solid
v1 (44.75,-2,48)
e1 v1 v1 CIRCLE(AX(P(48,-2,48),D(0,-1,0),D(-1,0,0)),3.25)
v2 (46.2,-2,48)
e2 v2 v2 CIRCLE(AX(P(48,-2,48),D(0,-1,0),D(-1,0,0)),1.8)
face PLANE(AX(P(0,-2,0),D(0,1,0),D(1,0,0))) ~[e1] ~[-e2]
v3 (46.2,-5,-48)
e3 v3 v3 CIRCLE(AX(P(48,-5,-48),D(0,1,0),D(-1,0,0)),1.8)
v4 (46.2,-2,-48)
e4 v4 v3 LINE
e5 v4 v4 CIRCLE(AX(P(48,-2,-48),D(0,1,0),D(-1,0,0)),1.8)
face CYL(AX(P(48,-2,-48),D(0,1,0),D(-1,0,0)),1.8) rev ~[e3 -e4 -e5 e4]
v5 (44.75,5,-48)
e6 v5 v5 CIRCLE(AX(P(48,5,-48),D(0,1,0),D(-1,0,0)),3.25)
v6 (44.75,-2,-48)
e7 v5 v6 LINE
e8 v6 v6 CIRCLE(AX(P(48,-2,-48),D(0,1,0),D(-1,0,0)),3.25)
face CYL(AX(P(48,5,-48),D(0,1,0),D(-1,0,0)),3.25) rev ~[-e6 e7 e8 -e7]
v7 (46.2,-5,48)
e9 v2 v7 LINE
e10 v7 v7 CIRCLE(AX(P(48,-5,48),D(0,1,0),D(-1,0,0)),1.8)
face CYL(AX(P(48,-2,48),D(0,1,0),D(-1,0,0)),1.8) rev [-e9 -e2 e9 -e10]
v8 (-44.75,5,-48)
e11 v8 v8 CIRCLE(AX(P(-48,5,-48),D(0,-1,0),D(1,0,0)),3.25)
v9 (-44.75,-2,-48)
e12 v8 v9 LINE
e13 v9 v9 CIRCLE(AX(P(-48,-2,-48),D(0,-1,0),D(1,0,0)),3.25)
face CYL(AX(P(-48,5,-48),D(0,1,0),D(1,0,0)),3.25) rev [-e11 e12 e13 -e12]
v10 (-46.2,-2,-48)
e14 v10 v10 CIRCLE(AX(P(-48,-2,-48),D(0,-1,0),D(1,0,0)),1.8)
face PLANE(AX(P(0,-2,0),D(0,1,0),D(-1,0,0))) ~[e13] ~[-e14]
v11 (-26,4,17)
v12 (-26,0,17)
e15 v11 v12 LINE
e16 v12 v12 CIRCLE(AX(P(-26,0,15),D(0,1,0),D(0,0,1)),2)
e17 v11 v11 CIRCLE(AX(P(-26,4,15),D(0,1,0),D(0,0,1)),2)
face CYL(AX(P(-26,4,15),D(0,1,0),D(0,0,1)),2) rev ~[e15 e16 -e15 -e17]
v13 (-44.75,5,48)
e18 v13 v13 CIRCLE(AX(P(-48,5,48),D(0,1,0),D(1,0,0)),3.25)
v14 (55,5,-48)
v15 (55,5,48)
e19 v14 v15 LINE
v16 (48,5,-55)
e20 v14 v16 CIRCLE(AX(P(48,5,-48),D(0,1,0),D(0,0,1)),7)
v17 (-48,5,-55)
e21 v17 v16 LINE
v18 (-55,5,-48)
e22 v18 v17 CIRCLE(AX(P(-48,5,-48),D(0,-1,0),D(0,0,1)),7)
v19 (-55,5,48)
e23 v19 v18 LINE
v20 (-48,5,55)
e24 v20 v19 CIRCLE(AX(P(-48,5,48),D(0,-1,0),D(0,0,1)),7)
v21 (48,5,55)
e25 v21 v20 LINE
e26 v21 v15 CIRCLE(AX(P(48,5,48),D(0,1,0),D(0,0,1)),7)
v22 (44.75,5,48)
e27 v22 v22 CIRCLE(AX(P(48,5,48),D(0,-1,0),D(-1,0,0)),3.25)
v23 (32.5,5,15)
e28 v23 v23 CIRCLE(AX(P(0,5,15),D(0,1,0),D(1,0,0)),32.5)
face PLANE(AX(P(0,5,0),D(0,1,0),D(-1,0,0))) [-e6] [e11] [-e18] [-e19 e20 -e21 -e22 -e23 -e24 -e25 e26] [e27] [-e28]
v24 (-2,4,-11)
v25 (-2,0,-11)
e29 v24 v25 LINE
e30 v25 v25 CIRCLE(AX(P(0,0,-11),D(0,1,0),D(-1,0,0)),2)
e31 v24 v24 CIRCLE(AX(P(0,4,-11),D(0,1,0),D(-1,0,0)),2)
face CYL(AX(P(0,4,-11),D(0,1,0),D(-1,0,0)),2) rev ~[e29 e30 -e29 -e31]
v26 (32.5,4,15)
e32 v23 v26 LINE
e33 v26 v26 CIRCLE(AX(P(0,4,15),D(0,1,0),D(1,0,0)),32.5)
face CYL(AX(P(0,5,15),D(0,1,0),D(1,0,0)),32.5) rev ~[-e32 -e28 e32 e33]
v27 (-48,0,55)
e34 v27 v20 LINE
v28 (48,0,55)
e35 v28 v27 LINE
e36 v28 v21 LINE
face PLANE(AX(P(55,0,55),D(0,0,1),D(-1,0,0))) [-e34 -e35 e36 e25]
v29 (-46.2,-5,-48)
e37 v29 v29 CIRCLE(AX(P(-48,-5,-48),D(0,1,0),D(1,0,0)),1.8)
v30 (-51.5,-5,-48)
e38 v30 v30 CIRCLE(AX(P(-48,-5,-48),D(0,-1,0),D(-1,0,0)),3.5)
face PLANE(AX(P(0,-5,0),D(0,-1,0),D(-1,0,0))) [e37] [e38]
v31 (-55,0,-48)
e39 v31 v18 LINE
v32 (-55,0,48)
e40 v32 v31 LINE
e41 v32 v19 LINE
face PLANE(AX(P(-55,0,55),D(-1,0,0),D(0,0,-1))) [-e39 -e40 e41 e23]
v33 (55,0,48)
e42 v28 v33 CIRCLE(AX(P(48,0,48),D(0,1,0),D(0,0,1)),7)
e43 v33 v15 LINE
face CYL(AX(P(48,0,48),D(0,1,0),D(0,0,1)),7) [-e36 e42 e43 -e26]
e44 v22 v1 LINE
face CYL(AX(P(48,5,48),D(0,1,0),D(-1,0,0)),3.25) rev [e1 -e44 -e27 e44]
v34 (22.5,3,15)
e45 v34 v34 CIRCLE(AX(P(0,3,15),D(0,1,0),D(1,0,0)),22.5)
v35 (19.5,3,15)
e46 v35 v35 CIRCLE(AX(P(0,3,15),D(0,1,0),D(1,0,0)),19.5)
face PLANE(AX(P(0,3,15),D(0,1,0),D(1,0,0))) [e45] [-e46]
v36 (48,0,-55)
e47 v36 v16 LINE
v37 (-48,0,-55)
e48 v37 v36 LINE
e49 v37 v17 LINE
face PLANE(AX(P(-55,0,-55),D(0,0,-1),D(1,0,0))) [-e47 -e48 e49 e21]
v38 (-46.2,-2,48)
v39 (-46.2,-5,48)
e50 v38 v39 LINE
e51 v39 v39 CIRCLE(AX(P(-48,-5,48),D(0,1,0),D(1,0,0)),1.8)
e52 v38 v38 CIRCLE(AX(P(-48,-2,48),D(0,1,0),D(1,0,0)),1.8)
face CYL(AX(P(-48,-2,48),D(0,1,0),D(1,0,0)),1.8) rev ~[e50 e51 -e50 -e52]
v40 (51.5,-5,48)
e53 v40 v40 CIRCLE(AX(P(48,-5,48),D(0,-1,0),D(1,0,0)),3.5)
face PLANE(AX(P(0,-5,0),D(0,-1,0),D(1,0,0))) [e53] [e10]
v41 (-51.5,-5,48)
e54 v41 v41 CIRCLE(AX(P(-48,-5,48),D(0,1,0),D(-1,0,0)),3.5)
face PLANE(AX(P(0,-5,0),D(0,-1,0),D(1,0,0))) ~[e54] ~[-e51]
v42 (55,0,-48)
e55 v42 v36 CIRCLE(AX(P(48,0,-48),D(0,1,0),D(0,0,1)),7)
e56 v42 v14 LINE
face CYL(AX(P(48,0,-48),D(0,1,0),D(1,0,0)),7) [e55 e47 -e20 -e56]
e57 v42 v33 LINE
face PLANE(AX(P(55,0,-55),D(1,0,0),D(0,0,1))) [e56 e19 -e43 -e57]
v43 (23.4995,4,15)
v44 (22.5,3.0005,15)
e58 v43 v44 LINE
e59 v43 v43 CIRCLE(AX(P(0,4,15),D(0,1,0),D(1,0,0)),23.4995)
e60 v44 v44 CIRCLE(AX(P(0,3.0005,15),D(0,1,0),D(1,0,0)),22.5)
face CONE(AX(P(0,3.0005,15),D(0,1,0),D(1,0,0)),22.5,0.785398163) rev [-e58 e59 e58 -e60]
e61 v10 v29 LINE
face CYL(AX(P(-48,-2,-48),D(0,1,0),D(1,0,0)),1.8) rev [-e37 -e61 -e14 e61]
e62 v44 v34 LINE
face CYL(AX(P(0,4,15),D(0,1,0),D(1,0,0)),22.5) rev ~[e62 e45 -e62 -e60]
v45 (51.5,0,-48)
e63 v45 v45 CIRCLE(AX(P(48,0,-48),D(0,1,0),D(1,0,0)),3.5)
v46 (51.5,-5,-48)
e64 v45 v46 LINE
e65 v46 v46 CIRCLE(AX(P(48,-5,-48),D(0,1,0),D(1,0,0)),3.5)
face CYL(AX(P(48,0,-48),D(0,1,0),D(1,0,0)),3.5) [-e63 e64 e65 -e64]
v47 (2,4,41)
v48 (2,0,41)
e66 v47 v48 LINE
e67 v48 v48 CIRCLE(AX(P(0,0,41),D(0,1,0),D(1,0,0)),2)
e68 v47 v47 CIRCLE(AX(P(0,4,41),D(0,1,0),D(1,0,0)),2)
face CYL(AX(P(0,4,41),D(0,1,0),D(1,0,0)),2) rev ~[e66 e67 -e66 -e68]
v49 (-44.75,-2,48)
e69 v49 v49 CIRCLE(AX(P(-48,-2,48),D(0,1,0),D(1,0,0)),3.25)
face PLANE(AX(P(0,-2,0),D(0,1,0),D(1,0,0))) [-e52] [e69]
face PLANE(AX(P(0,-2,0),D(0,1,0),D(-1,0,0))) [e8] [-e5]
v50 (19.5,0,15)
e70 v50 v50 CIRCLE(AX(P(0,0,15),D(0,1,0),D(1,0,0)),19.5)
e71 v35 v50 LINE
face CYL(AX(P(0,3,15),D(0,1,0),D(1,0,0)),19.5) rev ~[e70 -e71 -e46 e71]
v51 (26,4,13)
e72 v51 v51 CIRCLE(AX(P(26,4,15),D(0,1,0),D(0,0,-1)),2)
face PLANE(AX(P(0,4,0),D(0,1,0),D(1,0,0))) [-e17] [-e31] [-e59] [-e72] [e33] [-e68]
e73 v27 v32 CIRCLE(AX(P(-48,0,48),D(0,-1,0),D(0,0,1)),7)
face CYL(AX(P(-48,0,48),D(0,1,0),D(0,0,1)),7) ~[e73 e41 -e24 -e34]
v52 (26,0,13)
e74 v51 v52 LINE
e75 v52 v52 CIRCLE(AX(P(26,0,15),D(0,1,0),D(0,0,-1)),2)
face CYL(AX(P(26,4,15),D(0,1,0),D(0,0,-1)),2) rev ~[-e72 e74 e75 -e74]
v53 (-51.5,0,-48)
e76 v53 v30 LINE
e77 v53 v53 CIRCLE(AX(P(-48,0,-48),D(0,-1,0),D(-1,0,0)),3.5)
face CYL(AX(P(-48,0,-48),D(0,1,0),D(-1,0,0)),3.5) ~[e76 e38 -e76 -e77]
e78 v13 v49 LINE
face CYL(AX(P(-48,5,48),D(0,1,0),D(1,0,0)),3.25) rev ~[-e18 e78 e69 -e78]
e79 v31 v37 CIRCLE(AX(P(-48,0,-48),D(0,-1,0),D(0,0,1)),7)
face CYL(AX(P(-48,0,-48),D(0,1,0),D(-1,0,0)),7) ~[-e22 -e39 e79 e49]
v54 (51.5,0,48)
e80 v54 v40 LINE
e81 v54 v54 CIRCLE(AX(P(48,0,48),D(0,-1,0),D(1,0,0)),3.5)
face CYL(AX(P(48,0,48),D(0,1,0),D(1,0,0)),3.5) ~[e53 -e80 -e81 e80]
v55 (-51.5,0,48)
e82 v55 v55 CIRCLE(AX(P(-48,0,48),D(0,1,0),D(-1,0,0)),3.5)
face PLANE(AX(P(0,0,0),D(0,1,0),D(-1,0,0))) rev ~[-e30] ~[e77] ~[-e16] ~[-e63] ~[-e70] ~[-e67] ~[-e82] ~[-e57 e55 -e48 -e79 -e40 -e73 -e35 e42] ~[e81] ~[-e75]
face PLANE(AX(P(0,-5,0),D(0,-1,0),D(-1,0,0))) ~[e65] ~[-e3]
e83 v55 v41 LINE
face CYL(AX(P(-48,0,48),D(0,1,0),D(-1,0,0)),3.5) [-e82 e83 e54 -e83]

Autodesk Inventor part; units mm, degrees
ref_plane "YZ Plane" through (0, 0, 0) normal (1, 0, 0) x (0, 1, 0)
ref_plane "XZ Plane" through (0, 0, 0) normal (0, 1, 0) x (-1, 0, 0)
ref_plane "XY Plane" through (0, 0, 0) normal (0, 0, 1) x (1, 0, 0)
sketch "스케치1" plane through (0, 0, 0) normal (0, 1, 0) x (-1, 0, 0)
  line L0 (-55, 55) -> (55, 55)
  line L1 (55, 55) -> (55, -55)
  line L2 (55, -55) -> (-55, -55)
  line L3 (-55, -55) -> (-55, 55)
  line L4 (-55, 55) -> (55, -55) construction
  line L5 (55, 55) -> (-55, -55) construction
  point P0 (0, 0)
  dimension "d0" = 110
  dimension "d1" = 110
extrude "돌출1" add sketch "스케치1" along normal blind 5
fillet "모깎기1" radius 7 1 edges at (55, 2.5, 55)
fillet "모깎기2" radius 7 3 edges at (55, 2.5, -55) (-55, 2.5, -55) (-55, 2.5, 55)
sketch "스케치5" plane through (0, 0, 0) normal (0, -1, 0) x (1, 0, 0)
  arc A0 (55, 48) -> (48, 55) centre (48, 48) ccw projected
  circle A1 centre (48, 48) radius 3.5
  point P0 (0, 0)
  dimension "d15" = 7
extrude "돌출5" add sketch "스케치5" along normal blind 5
mirror "미러1" about plane through (0, 0, 0) normal (1, 0, 0) of "돌출5"
mirror "미러2" about plane through (0, 0, 0) normal (0, 0, 1) of "돌출5", "미러1"
sketch "스케치6" plane through (0, 5, 0) normal (0, 1, 0) x (1, 0, 0)
  arc A0 (-55, -48) -> (-48, -55) centre (-48, -48) ccw projected
  arc A1 (-48, 55) -> (-55, 48) centre (-48, 48) ccw projected
  arc A2 (55, 48) -> (48, 55) centre (48, 48) ccw projected
  arc A3 (48, -55) -> (55, -48) centre (48, -48) ccw projected
  circle A4 centre (-48, -48) radius 3.25
  point P0 (0, 0)
  dimension "d18" = 6.5
extrude "돌출6" cut sketch "스케치6" against normal blind 7
mirror "미러3" about plane through (0, 0, 0) normal (1, 0, 0) of "돌출6"
mirror "미러4" about plane through (0, 0, 0) normal (0, 0, 1) of "돌출6", "미러3"
sketch "스케치7" plane through (-48, -2, 48) normal (0, 1, 0) x (1, 0, 0)
  arc A0 (-7, 0) -> (0, -7) centre (0, 0) ccw projected
  circle A1 centre (0, 0) radius 1.8
  point P0 (48, 48)
  dimension "d21" = 3.6
extrude "돌출7" cut sketch "스케치7" against normal through all
mirror "미러5" about plane through (0, 0, 0) normal (0, 0, 1) of "돌출7"
mirror "미러6" about plane through (0, 0, 0) normal (1, 0, 0) of "돌출7", "미러5"
sketch "스케치9" plane through (0, 5, 0) normal (0, 1, 0) x (1, 0, 0)
  circle A0 centre (0, -15) radius 32.5
  line L0 (42.9638, 0) -> (-42.9638, 0) construction
  point P0 (0, 0)
  dimension "d32" = 65
  dimension "d33" = 15
extrude "돌출9" cut sketch "스케치9" against normal blind 1
sketch "스케치10" plane through (0, 4, 15) normal (0, 1, 0) x (1, 0, 0)
  circle A0 centre (0, 0) radius 22.5
  point P0 (0, 15)
  dimension "d36" = 45
extrude "돌출10" cut sketch "스케치10" against normal blind 1
sketch "스케치11" plane through (0, 3, 15) normal (0, 1, 0) x (1, 0, 0)
  circle A0 centre (0, 0) radius 19.5
  point P0 (0, 15)
  dimension "d39" = 39
extrude "돌출11" cut sketch "스케치11" against normal through all
chamfer "모따기2" distance 1 angle 45 1 edges at (-22.5, 4, 15)
sketch "스케치12" plane through (0, 4, 15) normal (0, 1, 0) x (1, 0, 0)
  circle A0 centre (0, 0) radius 26 construction
  circle A1 centre (0, -26) radius 2
  point P0 (0, 15)
  dimension "d48" = 52
  dimension "d49" = 4
extrude "돌출12" cut sketch "스케치12" against normal blind 10
pattern_circular "원형 패턴1" count 4 over 360 about axis through (0, 3.5, 15) along (0, 1, 0) of "돌출12"
properties part number "연결부"
